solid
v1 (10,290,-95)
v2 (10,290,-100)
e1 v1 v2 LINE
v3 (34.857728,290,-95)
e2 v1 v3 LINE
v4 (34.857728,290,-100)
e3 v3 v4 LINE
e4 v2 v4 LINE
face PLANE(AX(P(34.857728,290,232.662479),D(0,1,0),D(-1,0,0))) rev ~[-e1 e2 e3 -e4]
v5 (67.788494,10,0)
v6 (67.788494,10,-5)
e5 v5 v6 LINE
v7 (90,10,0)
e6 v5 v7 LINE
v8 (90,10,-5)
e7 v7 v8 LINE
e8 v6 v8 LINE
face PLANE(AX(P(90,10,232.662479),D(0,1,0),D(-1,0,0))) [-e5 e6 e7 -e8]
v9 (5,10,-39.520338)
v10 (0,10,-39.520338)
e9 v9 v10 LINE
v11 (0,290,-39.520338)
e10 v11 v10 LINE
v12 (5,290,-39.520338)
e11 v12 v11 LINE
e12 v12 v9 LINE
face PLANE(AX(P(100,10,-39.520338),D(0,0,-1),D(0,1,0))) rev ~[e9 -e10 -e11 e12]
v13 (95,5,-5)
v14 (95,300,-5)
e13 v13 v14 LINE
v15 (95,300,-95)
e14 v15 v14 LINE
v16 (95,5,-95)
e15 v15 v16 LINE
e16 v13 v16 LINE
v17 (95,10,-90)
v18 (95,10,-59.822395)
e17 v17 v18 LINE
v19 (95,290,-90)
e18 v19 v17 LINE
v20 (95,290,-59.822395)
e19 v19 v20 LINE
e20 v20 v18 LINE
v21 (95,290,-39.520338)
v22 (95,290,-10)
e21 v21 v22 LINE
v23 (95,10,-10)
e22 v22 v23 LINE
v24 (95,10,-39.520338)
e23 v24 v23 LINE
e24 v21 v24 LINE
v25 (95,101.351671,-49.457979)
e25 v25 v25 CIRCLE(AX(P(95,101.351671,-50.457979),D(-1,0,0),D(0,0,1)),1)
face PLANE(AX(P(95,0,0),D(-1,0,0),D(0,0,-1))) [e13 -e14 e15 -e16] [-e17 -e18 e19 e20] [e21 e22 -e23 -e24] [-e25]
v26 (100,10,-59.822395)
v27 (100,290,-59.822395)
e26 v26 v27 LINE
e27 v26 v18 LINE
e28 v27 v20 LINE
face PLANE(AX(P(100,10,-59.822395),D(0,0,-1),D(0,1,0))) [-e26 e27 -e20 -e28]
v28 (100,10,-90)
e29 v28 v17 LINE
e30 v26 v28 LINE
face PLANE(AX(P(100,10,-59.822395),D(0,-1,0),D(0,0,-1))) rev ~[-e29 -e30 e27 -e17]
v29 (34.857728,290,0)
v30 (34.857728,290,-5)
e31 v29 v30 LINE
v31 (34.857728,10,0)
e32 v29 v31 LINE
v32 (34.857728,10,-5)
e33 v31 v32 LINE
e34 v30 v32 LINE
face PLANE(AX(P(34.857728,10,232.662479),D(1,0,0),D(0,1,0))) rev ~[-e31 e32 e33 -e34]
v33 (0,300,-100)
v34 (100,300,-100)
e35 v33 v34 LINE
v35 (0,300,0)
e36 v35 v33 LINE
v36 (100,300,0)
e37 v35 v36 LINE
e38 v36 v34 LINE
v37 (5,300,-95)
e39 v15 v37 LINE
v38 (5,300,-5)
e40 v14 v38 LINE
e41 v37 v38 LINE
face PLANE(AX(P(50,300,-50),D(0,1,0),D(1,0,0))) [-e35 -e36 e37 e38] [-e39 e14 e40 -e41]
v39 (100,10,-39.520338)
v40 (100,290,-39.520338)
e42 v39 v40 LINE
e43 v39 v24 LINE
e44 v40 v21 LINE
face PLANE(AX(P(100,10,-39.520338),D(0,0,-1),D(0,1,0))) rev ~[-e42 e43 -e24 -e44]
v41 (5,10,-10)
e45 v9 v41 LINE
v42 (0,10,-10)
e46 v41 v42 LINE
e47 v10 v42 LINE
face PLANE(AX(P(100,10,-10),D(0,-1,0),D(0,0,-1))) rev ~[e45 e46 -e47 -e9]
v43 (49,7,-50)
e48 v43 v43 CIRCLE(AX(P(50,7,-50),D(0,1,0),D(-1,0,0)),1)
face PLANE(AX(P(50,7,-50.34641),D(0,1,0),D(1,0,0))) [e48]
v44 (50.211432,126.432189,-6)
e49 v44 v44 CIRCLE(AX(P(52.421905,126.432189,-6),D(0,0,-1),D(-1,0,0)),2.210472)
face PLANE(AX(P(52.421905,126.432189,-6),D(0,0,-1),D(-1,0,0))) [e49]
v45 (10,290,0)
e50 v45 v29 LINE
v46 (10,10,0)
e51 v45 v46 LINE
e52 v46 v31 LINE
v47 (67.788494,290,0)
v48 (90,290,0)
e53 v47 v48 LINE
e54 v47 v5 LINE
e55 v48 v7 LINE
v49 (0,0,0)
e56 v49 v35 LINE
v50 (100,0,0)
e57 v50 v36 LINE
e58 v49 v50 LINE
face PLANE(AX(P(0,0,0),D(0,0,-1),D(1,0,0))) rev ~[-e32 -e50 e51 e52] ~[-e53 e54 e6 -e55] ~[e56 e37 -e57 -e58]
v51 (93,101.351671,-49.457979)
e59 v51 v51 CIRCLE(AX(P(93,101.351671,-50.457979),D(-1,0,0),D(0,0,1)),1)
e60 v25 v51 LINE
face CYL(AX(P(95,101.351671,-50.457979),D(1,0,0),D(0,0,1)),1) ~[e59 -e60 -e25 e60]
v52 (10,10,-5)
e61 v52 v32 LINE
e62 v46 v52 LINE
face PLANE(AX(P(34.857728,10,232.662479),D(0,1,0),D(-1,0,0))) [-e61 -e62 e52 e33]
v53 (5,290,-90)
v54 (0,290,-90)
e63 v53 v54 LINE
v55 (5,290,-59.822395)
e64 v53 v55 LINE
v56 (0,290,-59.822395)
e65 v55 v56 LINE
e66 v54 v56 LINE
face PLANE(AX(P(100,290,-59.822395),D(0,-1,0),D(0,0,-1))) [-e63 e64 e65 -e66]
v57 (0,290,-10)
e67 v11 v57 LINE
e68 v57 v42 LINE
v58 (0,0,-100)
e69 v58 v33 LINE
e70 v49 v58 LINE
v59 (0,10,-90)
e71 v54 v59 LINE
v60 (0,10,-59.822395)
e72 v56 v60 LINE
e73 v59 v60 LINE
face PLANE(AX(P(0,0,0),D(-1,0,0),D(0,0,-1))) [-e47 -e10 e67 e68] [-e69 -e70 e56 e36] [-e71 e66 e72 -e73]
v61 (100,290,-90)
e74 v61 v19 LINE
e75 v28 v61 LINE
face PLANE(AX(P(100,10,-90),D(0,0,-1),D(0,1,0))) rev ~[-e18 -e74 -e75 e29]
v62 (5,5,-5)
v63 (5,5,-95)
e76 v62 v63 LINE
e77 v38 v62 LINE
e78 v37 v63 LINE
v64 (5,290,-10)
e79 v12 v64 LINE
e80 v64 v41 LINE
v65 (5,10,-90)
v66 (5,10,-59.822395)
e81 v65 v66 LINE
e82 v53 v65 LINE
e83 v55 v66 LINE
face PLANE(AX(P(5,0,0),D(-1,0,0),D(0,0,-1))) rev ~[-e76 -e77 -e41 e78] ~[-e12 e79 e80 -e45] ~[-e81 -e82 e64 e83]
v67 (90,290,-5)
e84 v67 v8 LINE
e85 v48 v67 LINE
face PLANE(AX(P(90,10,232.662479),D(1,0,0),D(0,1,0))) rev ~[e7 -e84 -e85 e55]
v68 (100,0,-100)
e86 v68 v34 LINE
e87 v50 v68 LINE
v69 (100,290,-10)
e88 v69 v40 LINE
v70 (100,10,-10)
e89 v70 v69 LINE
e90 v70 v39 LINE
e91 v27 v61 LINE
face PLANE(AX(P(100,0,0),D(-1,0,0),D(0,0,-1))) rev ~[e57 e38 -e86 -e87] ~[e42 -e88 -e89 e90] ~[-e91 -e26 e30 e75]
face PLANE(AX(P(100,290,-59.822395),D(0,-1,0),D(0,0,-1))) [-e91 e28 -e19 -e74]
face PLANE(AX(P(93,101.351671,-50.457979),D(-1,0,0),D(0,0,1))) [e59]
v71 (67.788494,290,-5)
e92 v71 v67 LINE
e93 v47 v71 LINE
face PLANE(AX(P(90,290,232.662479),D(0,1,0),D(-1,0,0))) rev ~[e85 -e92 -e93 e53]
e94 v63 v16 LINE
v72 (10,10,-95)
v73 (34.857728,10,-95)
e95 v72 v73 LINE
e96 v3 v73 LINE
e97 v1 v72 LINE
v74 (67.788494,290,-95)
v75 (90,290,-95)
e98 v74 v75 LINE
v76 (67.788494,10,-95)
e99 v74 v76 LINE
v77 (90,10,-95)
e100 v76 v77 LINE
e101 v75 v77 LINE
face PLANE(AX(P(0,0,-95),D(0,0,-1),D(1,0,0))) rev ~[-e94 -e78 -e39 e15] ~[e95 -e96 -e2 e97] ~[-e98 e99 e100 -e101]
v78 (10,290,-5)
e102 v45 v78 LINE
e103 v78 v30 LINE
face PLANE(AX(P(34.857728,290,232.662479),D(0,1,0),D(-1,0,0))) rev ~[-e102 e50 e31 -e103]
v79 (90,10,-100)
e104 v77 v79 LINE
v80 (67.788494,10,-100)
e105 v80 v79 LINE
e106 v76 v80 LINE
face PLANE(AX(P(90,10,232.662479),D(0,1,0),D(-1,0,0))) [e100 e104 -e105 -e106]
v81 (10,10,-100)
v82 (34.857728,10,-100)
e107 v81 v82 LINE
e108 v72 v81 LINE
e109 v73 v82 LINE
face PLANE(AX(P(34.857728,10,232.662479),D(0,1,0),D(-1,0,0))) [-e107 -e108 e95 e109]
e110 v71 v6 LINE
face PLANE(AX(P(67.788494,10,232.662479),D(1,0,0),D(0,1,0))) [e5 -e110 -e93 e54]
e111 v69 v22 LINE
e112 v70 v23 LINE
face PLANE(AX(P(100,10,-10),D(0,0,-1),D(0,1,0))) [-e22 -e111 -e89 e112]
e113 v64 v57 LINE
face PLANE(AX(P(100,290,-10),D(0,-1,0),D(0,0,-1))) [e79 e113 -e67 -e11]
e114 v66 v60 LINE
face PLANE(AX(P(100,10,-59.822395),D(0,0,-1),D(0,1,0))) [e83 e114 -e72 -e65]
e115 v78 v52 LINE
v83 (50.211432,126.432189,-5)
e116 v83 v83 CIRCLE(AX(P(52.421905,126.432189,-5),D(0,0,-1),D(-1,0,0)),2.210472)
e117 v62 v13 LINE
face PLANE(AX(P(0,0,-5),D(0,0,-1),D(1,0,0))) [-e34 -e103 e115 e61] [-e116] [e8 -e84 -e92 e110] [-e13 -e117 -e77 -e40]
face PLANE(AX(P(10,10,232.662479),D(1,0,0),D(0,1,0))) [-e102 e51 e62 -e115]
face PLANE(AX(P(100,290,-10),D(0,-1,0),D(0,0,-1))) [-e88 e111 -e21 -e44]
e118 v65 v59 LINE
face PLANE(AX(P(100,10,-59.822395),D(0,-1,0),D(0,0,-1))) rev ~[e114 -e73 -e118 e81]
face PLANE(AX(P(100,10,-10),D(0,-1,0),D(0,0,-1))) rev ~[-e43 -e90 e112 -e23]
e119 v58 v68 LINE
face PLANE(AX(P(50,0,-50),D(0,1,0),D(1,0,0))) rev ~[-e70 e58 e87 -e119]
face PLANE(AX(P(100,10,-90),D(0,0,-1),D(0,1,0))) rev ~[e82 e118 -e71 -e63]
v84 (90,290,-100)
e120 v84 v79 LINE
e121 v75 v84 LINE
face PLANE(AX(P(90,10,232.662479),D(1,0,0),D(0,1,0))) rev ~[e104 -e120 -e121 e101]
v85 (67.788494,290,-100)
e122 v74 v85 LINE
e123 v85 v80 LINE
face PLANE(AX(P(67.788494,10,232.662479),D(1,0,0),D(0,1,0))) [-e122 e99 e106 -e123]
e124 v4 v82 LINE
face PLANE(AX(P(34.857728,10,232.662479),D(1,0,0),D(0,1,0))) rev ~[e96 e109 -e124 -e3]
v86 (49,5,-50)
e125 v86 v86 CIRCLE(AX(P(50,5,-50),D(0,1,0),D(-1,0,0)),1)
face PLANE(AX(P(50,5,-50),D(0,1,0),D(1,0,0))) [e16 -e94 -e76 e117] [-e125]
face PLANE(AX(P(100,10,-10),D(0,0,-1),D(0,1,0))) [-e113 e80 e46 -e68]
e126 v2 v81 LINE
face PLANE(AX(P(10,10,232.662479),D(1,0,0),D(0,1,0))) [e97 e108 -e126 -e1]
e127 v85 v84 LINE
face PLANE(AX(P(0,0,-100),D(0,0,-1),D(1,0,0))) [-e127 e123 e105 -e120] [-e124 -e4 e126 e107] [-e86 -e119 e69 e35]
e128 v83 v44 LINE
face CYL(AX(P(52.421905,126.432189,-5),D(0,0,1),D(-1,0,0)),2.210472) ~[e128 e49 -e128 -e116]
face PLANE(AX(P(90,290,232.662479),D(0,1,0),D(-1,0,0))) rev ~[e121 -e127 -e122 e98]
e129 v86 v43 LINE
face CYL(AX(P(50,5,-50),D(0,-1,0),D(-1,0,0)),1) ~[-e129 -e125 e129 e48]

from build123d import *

# Parameters (mm, degrees)
SKETCH1_W               = 100
SKETCH1_H               = 100
BOSS_EXTRUDE1_DEPTH     = 300
SHELL1_T                = -5
SKETCH5_W               = 29.520338389
SKETCH5_H               = 280
SKETCH5_W_2             = 30.177604706
CUT_EXTRUDE3_DEPTH      = 332.662479036
CUT_EXTRUDE4_DEPTH      = 332.662479036
CUT_EXTRUDE4_DEPTH_BACK = 332.662479036
SKETCH7_W               = 22.211506019
SKETCH7_H               = 280
SKETCH7_W_2             = 24.857728264
SKETCH8_R               = 2.210472055
BOSS_EXTRUDE2_DEPTH     = 1
BOSS_EXTRUDE3_DEPTH     = 2
SKETCH10_R              = 1
BOSS_EXTRUDE4_DEPTH     = 2


with BuildPart() as part:
    # Sketch1 → Boss-Extrude1 (new body)
    with BuildSketch(Plane(origin=(0, 0, 0), x_dir=(1, 0, 0), z_dir=(0, 1, 0))):
        with Locations((50, 50)):
            Rectangle(SKETCH1_W, SKETCH1_H)
    extrude(amount=BOSS_EXTRUDE1_DEPTH)

    # Shell1
    shell1_openings = [part.faces().sort_by_distance(p)[0] for p in [
        (50, 300, -50),
    ]]
    offset(amount=SHELL1_T, openings=shell1_openings, kind=Kind.INTERSECTION)

    # Sketch5 → Cut-Extrude3 (cut, through all)
    with BuildSketch(Plane(origin=(100, 0, 0), x_dir=(0, 0, -1), z_dir=(1, 0, 0))):
        with Locations((24.760169195, 150)):
            Rectangle(SKETCH5_W, SKETCH5_H)
        with Locations((74.911197647, 150)):
            Rectangle(SKETCH5_W_2, SKETCH5_H)
    extrude(amount=-CUT_EXTRUDE3_DEPTH, mode=Mode.SUBTRACT)

    # Sketch7 → Cut-Extrude4 (cut, two sides: drawn at the far end of the back side and taken through both)
    with BuildSketch(Plane(origin=(0, 0, -100), x_dir=(-1, 0, 0), z_dir=(0, 0, -1)).offset(-CUT_EXTRUDE4_DEPTH_BACK)):
        with Locations((-78.89424699, 150)):
            Rectangle(SKETCH7_W, SKETCH7_H)
        with Locations((-22.428864132, 150)):
            Rectangle(SKETCH7_W_2, SKETCH7_H)
    extrude(amount=CUT_EXTRUDE4_DEPTH + CUT_EXTRUDE4_DEPTH_BACK, mode=Mode.SUBTRACT)

    # Sketch8 → Boss-Extrude2 (add)
    with BuildSketch(Plane(origin=(0, 0, -5), x_dir=(-1, 0, 0), z_dir=(0, 0, -1))):
        with Locations((-52.421904505, 126.432189468)):
            Circle(SKETCH8_R)
    extrude(amount=BOSS_EXTRUDE2_DEPTH)

    # Sketch9 → Boss-Extrude3 (add)
    with BuildSketch(Plane(origin=(0, 5, 0), x_dir=(1, 0, 0), z_dir=(0, 1, 0))):
        with BuildLine():
            ThreePointArc((51, 50), (50, 51), (49, 50))
            Line((49, 50), (51, 50))
        make_face()
        with BuildLine():
            Line((51, 50), (49, 50))
            ThreePointArc((49, 50), (50, 49), (51, 50))
        make_face()
    extrude(amount=BOSS_EXTRUDE3_DEPTH)

    # Sketch10 → Boss-Extrude4 (add)
    with BuildSketch(Plane.ZY.offset(-95)):
        with Locations((-50.457978823, 101.351671268)):
            Circle(SKETCH10_R)
    extrude(amount=BOSS_EXTRUDE4_DEPTH)


solid = part.part
